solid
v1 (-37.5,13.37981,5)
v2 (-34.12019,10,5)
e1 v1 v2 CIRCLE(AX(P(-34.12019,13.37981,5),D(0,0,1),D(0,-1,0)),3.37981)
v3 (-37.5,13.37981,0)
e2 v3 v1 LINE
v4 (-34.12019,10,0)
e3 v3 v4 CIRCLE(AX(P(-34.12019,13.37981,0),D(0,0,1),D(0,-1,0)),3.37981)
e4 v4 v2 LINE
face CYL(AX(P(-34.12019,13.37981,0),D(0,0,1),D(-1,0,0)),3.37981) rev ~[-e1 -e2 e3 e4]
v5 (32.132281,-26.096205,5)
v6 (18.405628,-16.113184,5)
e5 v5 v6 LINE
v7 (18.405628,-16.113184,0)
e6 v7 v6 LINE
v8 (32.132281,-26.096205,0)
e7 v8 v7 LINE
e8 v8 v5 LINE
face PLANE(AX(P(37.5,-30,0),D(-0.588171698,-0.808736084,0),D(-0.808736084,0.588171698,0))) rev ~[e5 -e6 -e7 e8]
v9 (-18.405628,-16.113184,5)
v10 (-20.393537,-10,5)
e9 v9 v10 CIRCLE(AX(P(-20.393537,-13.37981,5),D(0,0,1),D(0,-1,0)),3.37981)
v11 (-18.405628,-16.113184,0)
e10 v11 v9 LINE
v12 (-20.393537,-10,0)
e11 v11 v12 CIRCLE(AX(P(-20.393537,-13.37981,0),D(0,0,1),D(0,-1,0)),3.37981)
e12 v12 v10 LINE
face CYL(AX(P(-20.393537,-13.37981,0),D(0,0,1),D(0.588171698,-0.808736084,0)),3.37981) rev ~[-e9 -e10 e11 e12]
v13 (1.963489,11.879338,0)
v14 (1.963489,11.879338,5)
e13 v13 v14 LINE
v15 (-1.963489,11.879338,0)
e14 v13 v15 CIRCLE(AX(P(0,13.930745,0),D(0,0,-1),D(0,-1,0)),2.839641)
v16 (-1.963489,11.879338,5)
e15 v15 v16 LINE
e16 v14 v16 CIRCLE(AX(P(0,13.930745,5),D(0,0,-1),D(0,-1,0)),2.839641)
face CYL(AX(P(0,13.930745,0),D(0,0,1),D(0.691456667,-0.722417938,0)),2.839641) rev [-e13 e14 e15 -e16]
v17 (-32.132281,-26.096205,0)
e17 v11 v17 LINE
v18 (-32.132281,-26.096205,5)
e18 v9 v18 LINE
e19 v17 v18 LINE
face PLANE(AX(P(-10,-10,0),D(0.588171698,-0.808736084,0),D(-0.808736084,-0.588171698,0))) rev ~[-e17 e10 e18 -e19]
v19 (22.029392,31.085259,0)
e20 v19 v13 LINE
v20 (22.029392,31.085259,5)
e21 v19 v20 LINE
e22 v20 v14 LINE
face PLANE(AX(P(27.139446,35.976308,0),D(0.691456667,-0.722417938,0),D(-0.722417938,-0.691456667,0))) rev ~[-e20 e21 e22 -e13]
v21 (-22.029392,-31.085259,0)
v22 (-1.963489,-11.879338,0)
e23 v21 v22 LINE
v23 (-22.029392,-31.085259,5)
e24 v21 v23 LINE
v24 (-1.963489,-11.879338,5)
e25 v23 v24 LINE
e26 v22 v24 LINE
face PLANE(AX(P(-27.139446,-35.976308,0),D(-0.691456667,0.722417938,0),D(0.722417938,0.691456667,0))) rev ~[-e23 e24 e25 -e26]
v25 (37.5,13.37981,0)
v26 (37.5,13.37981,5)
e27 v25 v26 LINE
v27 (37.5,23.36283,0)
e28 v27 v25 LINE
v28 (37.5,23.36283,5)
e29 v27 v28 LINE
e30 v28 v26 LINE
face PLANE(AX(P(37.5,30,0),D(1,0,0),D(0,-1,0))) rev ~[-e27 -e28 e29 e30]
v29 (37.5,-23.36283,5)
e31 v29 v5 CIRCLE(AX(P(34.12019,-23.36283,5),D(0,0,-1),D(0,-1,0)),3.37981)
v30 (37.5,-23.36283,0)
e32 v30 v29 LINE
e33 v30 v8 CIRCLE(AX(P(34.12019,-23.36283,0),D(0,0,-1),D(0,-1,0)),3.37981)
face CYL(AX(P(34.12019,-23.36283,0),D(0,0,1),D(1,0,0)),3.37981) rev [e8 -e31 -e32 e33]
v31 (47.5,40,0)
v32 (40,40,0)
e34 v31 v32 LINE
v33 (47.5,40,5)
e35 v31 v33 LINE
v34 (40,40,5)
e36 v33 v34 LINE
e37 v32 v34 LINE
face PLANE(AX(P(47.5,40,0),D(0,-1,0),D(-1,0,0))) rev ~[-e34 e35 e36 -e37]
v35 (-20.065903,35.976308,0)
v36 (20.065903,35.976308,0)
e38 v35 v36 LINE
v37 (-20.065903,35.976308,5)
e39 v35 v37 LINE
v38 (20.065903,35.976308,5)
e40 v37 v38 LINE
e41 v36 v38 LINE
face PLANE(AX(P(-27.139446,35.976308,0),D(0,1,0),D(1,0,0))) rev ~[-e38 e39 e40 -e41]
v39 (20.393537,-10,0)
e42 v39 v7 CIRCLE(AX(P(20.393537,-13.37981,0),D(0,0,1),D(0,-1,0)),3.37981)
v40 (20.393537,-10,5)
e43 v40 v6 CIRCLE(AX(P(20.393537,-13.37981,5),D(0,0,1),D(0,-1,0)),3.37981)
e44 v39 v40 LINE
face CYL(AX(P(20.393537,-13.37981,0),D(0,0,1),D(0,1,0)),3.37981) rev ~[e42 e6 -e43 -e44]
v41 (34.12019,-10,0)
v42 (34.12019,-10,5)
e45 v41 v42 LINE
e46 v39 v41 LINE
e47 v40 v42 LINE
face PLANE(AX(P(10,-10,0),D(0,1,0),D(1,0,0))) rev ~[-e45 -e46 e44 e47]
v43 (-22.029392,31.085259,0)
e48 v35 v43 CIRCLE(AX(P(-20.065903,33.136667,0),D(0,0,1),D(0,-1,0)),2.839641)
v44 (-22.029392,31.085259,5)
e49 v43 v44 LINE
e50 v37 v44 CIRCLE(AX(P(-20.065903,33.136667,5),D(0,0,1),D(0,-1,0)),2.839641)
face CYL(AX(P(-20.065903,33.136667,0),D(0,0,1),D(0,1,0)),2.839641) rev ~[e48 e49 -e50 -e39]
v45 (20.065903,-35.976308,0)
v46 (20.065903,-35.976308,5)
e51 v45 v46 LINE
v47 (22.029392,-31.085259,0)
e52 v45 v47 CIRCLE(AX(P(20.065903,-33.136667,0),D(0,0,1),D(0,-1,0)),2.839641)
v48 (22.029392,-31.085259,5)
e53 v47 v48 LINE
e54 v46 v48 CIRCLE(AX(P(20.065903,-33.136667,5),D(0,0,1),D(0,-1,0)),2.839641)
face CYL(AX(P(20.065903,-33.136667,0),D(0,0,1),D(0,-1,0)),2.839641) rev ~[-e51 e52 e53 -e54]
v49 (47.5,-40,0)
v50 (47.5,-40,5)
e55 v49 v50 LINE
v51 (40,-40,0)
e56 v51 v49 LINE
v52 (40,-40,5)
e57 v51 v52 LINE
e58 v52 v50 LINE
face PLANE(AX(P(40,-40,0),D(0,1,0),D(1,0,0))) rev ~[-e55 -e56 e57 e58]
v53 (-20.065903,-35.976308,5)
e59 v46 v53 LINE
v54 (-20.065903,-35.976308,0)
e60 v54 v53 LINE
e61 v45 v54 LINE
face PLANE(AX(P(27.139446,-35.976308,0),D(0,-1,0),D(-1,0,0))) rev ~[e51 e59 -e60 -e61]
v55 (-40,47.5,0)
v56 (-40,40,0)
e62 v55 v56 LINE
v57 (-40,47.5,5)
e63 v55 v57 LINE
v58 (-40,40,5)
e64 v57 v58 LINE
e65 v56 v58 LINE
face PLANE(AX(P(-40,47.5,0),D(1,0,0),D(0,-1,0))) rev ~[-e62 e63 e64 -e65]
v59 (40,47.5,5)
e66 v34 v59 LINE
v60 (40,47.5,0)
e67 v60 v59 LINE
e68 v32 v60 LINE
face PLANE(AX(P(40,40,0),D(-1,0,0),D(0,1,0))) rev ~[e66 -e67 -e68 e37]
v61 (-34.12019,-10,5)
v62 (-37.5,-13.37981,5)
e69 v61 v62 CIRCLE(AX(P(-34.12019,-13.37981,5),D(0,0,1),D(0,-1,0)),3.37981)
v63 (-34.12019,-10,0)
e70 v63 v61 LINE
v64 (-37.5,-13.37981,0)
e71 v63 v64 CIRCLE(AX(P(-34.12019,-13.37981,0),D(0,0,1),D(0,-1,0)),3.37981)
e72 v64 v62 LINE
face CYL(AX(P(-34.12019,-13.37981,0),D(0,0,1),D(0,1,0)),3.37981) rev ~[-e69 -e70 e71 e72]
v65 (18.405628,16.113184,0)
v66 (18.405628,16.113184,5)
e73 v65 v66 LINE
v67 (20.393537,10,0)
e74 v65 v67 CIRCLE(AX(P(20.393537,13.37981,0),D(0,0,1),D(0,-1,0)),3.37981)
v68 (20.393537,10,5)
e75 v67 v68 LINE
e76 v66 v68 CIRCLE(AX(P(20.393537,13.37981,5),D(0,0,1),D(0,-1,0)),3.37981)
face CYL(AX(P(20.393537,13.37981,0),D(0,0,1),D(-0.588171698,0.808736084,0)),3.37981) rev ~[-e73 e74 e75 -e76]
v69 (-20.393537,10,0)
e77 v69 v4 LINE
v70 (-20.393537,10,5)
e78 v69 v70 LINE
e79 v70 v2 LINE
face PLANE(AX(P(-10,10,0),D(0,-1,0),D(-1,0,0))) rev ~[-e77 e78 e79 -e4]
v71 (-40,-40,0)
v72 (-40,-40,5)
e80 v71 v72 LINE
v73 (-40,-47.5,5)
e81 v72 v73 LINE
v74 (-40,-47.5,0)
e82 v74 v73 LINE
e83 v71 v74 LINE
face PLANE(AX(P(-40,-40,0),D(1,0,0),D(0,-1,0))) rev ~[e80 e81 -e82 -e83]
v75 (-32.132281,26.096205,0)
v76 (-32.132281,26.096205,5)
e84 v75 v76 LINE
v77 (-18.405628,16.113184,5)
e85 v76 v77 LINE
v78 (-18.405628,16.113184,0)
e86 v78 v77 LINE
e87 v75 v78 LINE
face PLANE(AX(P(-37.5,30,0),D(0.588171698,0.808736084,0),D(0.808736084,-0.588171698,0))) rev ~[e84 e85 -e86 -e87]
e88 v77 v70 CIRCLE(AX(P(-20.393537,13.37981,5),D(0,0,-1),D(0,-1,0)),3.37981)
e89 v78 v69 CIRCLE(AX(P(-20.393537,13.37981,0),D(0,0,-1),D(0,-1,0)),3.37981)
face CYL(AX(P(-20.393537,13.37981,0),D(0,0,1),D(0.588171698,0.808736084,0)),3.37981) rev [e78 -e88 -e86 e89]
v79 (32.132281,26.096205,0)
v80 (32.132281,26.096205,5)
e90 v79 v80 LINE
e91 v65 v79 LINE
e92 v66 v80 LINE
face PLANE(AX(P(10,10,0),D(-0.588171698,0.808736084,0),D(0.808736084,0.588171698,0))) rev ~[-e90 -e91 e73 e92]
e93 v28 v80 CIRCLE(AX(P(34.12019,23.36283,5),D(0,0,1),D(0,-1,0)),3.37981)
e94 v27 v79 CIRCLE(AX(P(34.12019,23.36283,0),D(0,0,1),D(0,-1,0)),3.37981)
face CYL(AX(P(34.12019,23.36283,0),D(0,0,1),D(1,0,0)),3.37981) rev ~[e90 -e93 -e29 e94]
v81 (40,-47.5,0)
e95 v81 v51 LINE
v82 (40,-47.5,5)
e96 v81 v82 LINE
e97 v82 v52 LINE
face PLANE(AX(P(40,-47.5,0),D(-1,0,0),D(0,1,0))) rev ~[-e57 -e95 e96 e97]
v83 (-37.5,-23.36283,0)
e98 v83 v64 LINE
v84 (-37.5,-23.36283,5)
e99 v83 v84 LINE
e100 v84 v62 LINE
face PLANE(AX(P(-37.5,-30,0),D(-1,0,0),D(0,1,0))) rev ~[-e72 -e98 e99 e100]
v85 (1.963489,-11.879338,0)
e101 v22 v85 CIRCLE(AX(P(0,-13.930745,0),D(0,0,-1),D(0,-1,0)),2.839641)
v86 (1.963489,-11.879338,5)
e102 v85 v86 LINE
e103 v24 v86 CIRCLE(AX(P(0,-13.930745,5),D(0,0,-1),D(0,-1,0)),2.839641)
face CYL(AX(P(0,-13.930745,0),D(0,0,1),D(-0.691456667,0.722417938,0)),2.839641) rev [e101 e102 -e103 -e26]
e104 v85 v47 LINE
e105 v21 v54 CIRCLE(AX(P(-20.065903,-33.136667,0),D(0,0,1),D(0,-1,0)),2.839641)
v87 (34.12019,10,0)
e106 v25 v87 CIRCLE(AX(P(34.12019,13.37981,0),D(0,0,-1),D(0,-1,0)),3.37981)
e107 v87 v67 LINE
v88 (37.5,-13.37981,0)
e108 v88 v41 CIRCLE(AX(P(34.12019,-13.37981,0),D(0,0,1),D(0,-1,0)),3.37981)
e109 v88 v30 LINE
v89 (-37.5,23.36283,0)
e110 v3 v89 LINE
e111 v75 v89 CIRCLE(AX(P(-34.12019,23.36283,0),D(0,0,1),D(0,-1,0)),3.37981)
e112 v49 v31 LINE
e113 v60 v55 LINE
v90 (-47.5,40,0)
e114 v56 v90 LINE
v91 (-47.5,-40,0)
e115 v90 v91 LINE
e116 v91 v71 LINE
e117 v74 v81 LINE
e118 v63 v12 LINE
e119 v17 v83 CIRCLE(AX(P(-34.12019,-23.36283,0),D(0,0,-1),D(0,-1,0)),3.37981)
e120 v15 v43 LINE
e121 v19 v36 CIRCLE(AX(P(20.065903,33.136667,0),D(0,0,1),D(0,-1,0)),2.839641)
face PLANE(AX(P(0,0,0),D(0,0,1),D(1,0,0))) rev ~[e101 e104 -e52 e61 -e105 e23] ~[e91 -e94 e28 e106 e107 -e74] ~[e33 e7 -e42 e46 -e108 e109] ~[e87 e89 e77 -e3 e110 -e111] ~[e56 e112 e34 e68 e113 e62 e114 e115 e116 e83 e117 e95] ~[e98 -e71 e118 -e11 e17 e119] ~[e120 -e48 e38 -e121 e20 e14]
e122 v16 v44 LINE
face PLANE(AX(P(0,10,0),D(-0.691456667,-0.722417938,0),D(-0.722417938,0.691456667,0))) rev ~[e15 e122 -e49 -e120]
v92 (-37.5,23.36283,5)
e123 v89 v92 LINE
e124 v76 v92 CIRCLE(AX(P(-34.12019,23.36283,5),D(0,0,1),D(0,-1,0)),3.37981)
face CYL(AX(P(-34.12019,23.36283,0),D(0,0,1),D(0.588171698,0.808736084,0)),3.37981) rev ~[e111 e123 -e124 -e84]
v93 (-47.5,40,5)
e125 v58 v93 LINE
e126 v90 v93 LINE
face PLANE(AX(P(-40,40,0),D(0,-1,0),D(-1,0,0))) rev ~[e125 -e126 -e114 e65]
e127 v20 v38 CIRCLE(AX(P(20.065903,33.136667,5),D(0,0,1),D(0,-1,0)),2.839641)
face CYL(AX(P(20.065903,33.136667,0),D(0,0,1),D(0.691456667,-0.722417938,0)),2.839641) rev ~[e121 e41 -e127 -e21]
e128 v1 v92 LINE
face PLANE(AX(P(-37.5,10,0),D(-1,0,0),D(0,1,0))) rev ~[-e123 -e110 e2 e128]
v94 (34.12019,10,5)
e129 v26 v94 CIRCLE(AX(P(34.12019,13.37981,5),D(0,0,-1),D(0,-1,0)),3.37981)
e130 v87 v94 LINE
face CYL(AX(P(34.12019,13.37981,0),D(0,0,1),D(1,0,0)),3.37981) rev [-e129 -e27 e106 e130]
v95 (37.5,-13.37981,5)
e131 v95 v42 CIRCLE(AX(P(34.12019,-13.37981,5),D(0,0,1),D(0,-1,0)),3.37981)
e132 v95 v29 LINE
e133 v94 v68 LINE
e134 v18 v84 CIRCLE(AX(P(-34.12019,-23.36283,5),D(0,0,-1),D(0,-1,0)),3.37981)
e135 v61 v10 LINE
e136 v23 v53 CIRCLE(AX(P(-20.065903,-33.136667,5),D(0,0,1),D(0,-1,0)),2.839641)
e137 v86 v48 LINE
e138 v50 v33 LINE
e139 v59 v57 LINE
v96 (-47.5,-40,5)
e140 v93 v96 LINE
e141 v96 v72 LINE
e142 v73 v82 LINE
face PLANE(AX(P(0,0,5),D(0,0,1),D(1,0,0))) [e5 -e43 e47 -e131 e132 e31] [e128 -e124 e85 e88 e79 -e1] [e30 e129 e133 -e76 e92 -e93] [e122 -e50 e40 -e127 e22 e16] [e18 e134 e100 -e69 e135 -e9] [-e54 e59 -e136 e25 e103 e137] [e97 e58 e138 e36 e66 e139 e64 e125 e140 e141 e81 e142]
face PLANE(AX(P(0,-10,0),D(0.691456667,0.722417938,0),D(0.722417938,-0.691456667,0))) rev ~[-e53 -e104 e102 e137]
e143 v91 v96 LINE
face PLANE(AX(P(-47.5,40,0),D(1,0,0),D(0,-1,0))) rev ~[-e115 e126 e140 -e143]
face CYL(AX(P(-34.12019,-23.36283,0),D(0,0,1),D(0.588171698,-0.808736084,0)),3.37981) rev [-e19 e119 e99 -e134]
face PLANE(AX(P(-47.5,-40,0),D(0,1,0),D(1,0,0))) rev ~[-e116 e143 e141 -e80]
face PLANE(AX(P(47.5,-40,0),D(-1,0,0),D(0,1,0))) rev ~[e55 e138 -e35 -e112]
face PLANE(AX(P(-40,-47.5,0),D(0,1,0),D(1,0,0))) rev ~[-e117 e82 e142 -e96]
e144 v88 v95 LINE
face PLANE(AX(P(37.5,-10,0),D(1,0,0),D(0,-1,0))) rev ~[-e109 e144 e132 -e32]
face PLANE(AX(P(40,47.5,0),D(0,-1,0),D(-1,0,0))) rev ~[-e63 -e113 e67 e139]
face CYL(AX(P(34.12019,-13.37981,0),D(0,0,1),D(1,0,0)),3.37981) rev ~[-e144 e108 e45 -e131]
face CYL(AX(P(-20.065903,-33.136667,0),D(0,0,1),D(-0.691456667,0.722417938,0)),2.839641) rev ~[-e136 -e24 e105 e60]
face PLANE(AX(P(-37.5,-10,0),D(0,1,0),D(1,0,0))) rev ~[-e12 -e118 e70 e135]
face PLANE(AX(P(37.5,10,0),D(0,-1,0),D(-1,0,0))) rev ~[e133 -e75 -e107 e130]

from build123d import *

# Parameters (mm, degrees)
F1_DEPTH = 5
F2_R     = 2.839641
F3_R     = 3.37981


with BuildPart() as f1:
    # F0 (on Top) → F1 (new body)
    with BuildSketch(Plane.XY):
        Polygon((-40, -47.5), (40, -47.5), (40, -40), (47.5, -40), (47.5, 40), (40, 40), (40, 47.5), (-40, 47.5), (-40, 40), (-47.5, 40), (-47.5, -40), (-40, -40), align=None)
        Polygon((-37.5, -30), (-37.5, -10), (-10, -10), align=None, mode=Mode.SUBTRACT)
        Polygon((0, -10), (27.139446, -35.976308), (-27.139446, -35.976308), align=None, mode=Mode.SUBTRACT)
        Polygon((37.5, -30), (10, -10), (37.5, -10), align=None, mode=Mode.SUBTRACT)
        Polygon((-10, 10), (-37.5, 10), (-37.5, 30), align=None, mode=Mode.SUBTRACT)
        Polygon((0, 10), (-27.139446, 35.976308), (27.139446, 35.976308), align=None, mode=Mode.SUBTRACT)
        Polygon((37.5, 10), (10, 10), (37.5, 30), align=None, mode=Mode.SUBTRACT)
    extrude(amount=F1_DEPTH)

    # F2
    f2_edges = [f1.edges().sort_by_distance(p)[0] for p in [
        (27.139446, 35.976308, 2.5),
        (-27.139446, 35.976308, 2.5),
        (0, 10, 2.5),
        (0, -10, 2.5),
        (-27.139446, -35.976308, 2.5),
        (27.139446, -35.976308, 2.5),
    ]]
    fillet(f2_edges, radius=F2_R)

    # F3
    f3_edges = [f1.edges().sort_by_distance(p)[0] for p in [
        (37.5, 30, 2.5),
        (37.5, 10, 2.5),
        (10, -10, 2.5),
        (-37.5, -10, 2.5),
        (-10, -10, 2.5),
        (37.5, -10, 2.5),
        (-37.5, 30, 2.5),
        (37.5, -30, 2.5),
        (-10, 10, 2.5),
        (-37.5, 10, 2.5),
        (-37.5, -30, 2.5),
        (10, 10, 2.5),
    ]]
    fillet(f3_edges, radius=F3_R)


solid = f1.part
